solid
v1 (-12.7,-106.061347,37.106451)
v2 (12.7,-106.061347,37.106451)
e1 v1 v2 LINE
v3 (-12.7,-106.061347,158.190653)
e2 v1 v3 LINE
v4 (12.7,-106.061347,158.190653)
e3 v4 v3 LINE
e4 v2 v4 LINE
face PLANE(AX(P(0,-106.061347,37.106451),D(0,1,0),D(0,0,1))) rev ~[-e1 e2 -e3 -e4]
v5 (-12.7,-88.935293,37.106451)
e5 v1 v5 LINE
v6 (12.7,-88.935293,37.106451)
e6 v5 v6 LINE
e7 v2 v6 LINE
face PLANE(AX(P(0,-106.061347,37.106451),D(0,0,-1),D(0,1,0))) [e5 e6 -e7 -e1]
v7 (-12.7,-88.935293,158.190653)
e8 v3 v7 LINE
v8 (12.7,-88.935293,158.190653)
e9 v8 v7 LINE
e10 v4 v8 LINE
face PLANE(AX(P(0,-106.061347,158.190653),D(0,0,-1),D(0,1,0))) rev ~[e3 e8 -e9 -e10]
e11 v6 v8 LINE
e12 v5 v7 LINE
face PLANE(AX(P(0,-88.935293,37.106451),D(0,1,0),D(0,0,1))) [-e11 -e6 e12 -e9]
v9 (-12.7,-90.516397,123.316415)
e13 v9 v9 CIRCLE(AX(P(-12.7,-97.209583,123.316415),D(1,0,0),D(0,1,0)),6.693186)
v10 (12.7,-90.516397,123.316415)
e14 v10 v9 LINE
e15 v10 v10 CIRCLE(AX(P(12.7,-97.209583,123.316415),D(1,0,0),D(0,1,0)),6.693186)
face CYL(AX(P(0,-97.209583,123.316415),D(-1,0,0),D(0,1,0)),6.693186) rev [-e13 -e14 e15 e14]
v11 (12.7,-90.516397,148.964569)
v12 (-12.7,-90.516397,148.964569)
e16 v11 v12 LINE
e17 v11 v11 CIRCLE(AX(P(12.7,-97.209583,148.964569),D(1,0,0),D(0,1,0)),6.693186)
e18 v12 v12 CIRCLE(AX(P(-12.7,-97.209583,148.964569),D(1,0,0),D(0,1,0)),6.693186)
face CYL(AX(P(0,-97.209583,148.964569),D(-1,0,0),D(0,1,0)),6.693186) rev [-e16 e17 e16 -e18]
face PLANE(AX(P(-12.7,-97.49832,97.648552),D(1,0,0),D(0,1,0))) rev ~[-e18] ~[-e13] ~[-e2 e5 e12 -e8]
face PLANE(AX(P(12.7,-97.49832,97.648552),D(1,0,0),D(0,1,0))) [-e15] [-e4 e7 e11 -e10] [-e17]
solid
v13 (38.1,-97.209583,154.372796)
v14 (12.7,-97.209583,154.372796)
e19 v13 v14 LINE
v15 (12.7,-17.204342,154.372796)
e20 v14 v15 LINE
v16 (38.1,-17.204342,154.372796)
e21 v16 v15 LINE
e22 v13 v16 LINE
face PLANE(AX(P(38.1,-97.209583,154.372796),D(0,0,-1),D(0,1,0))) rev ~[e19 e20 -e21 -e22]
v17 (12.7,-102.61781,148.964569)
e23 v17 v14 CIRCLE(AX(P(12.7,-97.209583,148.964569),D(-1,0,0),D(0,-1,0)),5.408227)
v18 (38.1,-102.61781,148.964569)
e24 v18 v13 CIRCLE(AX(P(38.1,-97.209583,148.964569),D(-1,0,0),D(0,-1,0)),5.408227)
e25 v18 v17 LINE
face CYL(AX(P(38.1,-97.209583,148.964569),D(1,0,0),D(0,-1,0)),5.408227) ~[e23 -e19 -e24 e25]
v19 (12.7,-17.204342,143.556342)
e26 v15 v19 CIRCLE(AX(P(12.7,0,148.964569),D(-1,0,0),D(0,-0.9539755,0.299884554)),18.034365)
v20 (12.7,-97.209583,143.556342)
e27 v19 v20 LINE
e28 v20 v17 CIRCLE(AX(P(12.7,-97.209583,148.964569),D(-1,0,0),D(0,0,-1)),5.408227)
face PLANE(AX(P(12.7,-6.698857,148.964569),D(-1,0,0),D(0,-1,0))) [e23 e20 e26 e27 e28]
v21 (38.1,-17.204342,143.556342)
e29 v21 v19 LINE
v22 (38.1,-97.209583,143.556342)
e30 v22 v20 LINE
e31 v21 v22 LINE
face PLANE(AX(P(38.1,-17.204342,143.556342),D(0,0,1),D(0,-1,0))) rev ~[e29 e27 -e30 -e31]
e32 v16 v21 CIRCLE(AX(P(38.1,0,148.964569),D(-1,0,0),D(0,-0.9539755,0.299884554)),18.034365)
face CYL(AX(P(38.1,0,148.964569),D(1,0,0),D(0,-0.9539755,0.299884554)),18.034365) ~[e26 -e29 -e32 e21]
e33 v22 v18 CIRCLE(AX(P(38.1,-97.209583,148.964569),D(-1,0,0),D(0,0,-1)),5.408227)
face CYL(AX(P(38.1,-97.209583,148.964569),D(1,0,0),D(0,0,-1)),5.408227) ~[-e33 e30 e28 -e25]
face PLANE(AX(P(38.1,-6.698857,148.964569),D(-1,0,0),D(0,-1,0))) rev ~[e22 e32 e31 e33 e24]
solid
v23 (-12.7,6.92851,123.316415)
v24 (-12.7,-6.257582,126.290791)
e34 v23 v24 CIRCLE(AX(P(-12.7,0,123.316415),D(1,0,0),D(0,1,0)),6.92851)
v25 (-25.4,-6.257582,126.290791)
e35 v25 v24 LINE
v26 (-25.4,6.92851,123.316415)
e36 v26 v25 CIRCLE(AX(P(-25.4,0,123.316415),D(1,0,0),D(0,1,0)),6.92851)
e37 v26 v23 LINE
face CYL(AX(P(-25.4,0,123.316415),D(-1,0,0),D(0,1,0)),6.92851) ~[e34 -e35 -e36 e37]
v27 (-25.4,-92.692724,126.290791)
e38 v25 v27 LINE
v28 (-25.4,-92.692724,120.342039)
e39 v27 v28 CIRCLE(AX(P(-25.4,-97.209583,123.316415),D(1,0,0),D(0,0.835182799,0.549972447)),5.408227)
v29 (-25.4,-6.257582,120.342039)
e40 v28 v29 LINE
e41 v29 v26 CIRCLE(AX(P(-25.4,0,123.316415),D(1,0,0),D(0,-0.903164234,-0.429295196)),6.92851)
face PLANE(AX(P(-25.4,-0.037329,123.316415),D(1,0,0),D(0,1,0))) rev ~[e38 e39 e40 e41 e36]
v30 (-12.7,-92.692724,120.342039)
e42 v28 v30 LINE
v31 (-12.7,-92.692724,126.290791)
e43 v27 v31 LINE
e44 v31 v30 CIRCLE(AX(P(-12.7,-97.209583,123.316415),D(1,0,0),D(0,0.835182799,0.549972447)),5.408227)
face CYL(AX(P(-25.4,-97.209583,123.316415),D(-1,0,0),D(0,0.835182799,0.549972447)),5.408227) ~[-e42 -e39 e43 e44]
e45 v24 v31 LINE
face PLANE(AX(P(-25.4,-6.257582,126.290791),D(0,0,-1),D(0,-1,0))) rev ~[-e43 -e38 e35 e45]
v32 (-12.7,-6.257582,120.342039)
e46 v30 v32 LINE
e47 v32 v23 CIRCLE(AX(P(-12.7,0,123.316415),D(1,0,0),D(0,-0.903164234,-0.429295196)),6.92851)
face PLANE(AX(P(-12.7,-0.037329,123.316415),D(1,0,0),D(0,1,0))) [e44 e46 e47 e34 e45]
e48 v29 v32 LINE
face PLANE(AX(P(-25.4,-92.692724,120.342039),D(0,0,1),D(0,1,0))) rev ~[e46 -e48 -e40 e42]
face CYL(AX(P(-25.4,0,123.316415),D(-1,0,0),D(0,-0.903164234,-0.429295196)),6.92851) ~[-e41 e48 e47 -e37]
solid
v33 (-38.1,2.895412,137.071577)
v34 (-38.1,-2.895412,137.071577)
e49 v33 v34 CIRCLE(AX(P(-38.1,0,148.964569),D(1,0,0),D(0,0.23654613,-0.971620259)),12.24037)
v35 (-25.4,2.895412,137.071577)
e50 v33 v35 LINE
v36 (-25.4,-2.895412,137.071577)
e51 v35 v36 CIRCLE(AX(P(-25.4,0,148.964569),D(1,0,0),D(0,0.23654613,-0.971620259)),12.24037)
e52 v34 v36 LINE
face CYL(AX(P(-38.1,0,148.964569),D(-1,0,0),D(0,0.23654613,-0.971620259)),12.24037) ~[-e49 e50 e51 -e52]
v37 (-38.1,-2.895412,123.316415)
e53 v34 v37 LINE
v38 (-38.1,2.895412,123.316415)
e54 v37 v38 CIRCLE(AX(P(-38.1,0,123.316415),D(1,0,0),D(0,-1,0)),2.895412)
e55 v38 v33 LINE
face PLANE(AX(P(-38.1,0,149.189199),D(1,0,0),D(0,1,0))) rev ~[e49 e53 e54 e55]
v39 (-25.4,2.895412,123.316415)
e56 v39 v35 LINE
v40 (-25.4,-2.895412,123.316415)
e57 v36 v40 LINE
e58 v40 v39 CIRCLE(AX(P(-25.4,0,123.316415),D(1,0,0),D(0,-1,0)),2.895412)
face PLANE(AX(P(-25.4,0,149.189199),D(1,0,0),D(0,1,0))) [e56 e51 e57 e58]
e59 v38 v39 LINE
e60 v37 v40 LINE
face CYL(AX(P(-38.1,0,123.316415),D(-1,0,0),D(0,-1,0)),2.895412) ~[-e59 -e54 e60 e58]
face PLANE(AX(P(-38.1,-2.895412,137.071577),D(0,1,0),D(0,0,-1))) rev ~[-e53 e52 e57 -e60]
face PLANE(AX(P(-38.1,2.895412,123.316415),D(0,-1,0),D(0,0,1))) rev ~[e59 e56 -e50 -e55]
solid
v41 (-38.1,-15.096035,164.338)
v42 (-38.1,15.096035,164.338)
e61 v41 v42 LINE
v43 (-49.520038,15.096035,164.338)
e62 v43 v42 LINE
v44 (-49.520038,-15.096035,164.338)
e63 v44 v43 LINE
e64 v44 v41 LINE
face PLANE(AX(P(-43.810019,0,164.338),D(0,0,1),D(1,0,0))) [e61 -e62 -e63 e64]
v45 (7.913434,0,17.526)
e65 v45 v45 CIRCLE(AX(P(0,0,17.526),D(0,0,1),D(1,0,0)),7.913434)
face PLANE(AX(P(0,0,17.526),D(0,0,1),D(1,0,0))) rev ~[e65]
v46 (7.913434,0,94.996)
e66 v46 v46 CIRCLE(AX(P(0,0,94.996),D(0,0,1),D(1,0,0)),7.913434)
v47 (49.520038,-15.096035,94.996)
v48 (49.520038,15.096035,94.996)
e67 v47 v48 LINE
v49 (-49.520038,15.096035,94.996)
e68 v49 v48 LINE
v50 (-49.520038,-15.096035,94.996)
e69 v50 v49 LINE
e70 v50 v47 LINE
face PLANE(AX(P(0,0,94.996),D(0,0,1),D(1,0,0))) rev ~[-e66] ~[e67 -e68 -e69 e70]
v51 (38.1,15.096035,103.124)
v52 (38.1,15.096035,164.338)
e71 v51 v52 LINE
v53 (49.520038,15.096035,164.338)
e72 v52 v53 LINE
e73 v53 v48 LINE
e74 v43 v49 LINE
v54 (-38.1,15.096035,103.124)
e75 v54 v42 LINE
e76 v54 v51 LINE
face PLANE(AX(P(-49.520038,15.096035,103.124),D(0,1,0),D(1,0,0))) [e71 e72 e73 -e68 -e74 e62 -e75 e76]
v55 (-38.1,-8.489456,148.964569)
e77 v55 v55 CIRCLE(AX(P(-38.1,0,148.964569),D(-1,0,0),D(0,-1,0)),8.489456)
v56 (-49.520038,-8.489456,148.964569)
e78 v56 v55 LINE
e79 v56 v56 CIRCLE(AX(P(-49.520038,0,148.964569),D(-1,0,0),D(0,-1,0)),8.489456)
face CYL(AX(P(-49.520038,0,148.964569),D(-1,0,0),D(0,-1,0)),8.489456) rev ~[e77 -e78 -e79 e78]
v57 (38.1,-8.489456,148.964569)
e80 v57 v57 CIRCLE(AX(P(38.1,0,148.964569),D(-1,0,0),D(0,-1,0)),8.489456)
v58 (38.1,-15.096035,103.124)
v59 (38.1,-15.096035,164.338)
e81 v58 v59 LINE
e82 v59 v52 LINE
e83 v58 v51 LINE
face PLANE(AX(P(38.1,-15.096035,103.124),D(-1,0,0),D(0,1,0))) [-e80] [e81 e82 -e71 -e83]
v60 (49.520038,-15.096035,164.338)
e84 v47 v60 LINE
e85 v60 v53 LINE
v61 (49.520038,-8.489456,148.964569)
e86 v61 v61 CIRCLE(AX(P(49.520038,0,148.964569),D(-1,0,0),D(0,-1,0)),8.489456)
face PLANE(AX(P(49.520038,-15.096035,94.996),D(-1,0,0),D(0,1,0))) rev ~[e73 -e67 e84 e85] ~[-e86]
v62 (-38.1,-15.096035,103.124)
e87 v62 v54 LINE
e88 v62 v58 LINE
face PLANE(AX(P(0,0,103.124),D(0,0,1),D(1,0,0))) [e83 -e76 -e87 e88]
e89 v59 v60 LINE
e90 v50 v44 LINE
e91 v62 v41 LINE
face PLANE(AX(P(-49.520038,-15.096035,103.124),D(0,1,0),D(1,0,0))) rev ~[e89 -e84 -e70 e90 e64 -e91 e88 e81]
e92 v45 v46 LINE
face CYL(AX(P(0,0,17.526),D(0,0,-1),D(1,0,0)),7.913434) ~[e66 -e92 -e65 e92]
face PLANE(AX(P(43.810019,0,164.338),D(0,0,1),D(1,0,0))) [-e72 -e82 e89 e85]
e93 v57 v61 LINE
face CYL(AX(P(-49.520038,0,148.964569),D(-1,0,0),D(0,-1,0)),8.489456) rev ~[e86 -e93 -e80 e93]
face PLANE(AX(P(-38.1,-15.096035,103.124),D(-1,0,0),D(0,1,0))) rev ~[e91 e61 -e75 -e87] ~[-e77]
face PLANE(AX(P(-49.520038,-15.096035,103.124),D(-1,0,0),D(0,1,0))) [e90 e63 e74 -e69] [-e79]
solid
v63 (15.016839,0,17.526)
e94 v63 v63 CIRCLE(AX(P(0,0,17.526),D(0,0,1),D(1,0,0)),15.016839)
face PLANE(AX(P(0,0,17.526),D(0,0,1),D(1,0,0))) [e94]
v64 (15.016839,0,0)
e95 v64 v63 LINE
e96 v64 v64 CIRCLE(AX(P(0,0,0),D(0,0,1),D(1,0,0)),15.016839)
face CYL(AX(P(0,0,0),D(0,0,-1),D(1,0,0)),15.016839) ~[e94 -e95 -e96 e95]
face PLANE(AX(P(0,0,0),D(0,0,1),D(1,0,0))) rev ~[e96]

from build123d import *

# Parameters (mm, degrees)
F0_R      = 15.0168391693
F1_DEPTH  = 17.526
F2_R      = 7.913434423
F3_DEPTH  = 77.47
F4_W      = 99.0400761366
F4_H      = 30.1920697093
F5_DEPTH  = 8.128
F6_W      = 11.4200380683
F6_H      = 30.1920697093
F7_DEPTH  = 61.214
F8_R      = 8.4894563365
F9_DEPTH  = 99.0410761366
F11_DEPTH = 12.7
F13_DEPTH = 25.4
F15_DEPTH = 12.7
F16_W     = 17.1260535717
F16_H     = 121.084202081
F16_R     = 6.6931862807
F17_DEPTH = 12.7


with BuildPart() as f1:
    # F0 (on Top) → F1 (new body)
    with BuildSketch(Plane.XY):
        Circle(F0_R)
    extrude(amount=F1_DEPTH)


with BuildPart() as f3:
    # F2 (on face) → F3 (new body)
    with BuildSketch(Plane.XY.offset(17.526)):
        Circle(F2_R)
    extrude(amount=F3_DEPTH)

    # F4 (on face) → F5 (join)
    with BuildSketch(Plane.XY.offset(94.996)):
        Rectangle(F4_W, F4_H)
    extrude(amount=F5_DEPTH)

    # F6 (on face) → F7 (join)
    with BuildSketch(Plane.XY.offset(103.124)):
        with Locations((-43.8100190341, 0)):
            Rectangle(F6_W, F6_H)
        with Locations((43.8100190341, 0)):
            Rectangle(F6_W, F6_H)
    extrude(amount=F7_DEPTH)

    # F8 (on face) → F9 (cut, through all)
    with BuildSketch(Plane(origin=(-49.5200380683, 0, 0), x_dir=(0, -1, 0), z_dir=(-1, 0, 0))):
        with Locations((0, 148.9645689726)):
            Circle(F8_R)
    extrude(amount=-F9_DEPTH, mode=Mode.SUBTRACT)


with BuildPart() as f11:
    # F10 (on face) → F11 (new body)
    with BuildSketch(Plane.YZ.offset(-38.1)):
        with BuildLine():
            ThreePointArc((2.8954122681, 137.0715770523), (9.6246451316, 141.4019718585), (12.2403704609, 148.9645689726))
            ThreePointArc((12.2403704609, 148.9645689726), (-7.5625971141, 158.5892141042), (-2.8954122681, 137.0715770523))
            Line((-2.8954122681, 137.0715770523), (-2.8954122681, 157.6338106179))
            Line((-2.8954122681, 157.6338106179), (2.8954122681, 157.6338106179))
            Line((2.8954122681, 157.6338106179), (2.8954122681, 137.0715770523))
        make_face()
        with BuildLine():
            Line((-2.8954122681, 157.6338106179), (-2.8954122681, 137.0715770523))
            ThreePointArc((-2.8954122681, 137.0715770523), (0, 136.7241985117), (2.8954122681, 137.0715770523))
            Line((2.8954122681, 137.0715770523), (2.8954122681, 157.6338106179))
            Line((2.8954122681, 157.6338106179), (-2.8954122681, 157.6338106179))
        make_face()
        with BuildLine():
            ThreePointArc((2.8954122681, 137.0715770523), (0, 136.7241985117), (-2.8954122681, 137.0715770523))
            Line((-2.8954122681, 137.0715770523), (-2.8954122681, 123.3164146543))
            ThreePointArc((-2.8954122681, 123.3164146543), (0, 126.2118269224), (2.8954122681, 123.3164146543))
            Line((2.8954122681, 123.3164146543), (2.8954122681, 137.0715770523))
        make_face()
        with BuildLine():
            ThreePointArc((2.8954122681, 123.3164146543), (0, 126.2118269224), (-2.8954122681, 123.3164146543))
            Line((-2.8954122681, 123.3164146543), (2.8954122681, 123.3164146543))
        make_face()
        with BuildLine():
            Line((2.8954122681, 123.3164146543), (-2.8954122681, 123.3164146543))
            ThreePointArc((-2.8954122681, 123.3164146543), (0, 120.4210023861), (2.8954122681, 123.3164146543))
        make_face()
    extrude(amount=F11_DEPTH)


with BuildPart() as f13:
    # F12 (on face) → F13 (new body)
    with BuildSketch(Plane(origin=(38.1, 0, 0), x_dir=(0, -1, 0), z_dir=(-1, 0, 0))):
        with BuildLine():
            ThreePointArc((17.2043421821, 143.5563415289), (17.8256514212, 146.2287938703), (18.0343648072, 148.9645689726))
            ThreePointArc((18.0343648072, 148.9645689726), (17.8256514212, 151.7003440749), (17.2043421821, 154.3727964163))
            Line((17.2043421821, 154.3727964163), (-4.04444821, 154.3727964163))
            Line((-4.04444821, 154.3727964163), (-4.04444821, 143.5563415289))
            Line((-4.04444821, 143.5563415289), (17.2043421821, 143.5563415289))
        make_face()
        with BuildLine():
            ThreePointArc((17.2043421821, 154.3727964163), (17.8256514212, 151.7003440749), (18.0343648072, 148.9645689726))
            ThreePointArc((18.0343648072, 148.9645689726), (17.8256514212, 146.2287938703), (17.2043421821, 143.5563415289))
            Line((17.2043421821, 143.5563415289), (97.2095828522, 143.5563415289))
            ThreePointArc((97.2095828522, 143.5563415289), (91.8013554085, 148.9645689726), (97.2095828522, 154.3727964163))
            Line((97.2095828522, 154.3727964163), (17.2043421821, 154.3727964163))
        make_face()
        with BuildLine():
            Line((-4.04444821, 154.3727964163), (17.2043421821, 154.3727964163))
            ThreePointArc((17.2043421821, 154.3727964163), (-18.0343648072, 148.9645689726), (17.2043421821, 143.5563415289))
            Line((17.2043421821, 143.5563415289), (-4.04444821, 143.5563415289))
            Line((-4.04444821, 143.5563415289), (-4.04444821, 154.3727964163))
        make_face()
        with BuildLine():
            ThreePointArc((102.6178102959, 148.9645689726), (101.0337771518, 152.7887632722), (97.2095828522, 154.3727964163))
            Line((97.2095828522, 154.3727964163), (97.2095828522, 143.5563415289))
            ThreePointArc((97.2095828522, 143.5563415289), (101.0337771518, 145.140374673), (102.6178102959, 148.9645689726))
        make_face()
        with BuildLine():
            Line((97.2095828522, 143.5563415289), (97.2095828522, 154.3727964163))
            ThreePointArc((97.2095828522, 154.3727964163), (91.8013554085, 148.9645689726), (97.2095828522, 143.5563415289))
        make_face()
    extrude(amount=F13_DEPTH)


with BuildPart() as f15:
    # F14 (on face) → F15 (new body)
    with BuildSketch(Plane.YZ.offset(-25.4)):
        with BuildLine():
            ThreePointArc((-6.2575824752, 120.3420385718), (1.5245537782, 116.557717495), (6.92851005, 123.3164146543))
            ThreePointArc((6.92851005, 123.3164146543), (1.5245537782, 130.0751118135), (-6.2575824752, 126.2907907367))
            Line((-6.2575824752, 126.2907907367), (0, 126.2907907367))
            Line((0, 126.2907907367), (0, 120.3420385718))
            Line((0, 120.3420385718), (-6.2575824752, 120.3420385718))
        make_face()
        with BuildLine():
            Line((0, 126.2907907367), (-6.2575824752, 126.2907907367))
            ThreePointArc((-6.2575824752, 126.2907907367), (-6.92851005, 123.3164146543), (-6.2575824752, 120.3420385718))
            Line((-6.2575824752, 120.3420385718), (0, 120.3420385718))
            Line((0, 120.3420385718), (0, 126.2907907367))
        make_face()
        with BuildLine():
            ThreePointArc((-6.2575824752, 120.3420385718), (-6.92851005, 123.3164146543), (-6.2575824752, 126.2907907367))
            Line((-6.2575824752, 126.2907907367), (-92.6927243196, 126.2907907367))
            ThreePointArc((-92.6927243196, 126.2907907367), (-92.0289881779, 124.8689490029), (-91.8013554085, 123.3164146543))
            ThreePointArc((-91.8013554085, 123.3164146543), (-92.0289881779, 121.7638803056), (-92.6927243196, 120.3420385718))
            Line((-92.6927243196, 120.3420385718), (-6.2575824752, 120.3420385718))
        make_face()
        with BuildLine():
            Line((-97.2095828522, 126.2907907367), (-92.6927243196, 126.2907907367))
            ThreePointArc((-92.6927243196, 126.2907907367), (-102.6178102959, 123.3164146543), (-92.6927243196, 120.3420385718))
            Line((-92.6927243196, 120.3420385718), (-97.2095828522, 120.3420385718))
            Line((-97.2095828522, 120.3420385718), (-97.2095828522, 126.2907907367))
        make_face()
        with BuildLine():
            ThreePointArc((-91.8013554085, 123.3164146543), (-92.0289881779, 124.8689490029), (-92.6927243196, 126.2907907367))
            Line((-92.6927243196, 126.2907907367), (-97.2095828522, 126.2907907367))
            Line((-97.2095828522, 126.2907907367), (-97.2095828522, 120.3420385718))
            Line((-97.2095828522, 120.3420385718), (-92.6927243196, 120.3420385718))
            ThreePointArc((-92.6927243196, 120.3420385718), (-92.0289881779, 121.7638803056), (-91.8013554085, 123.3164146543))
        make_face()
    extrude(amount=F15_DEPTH)


with BuildPart() as f17:
    # F16 (on Right) → F17 (new body, symmetric)
    with BuildSketch(Plane.YZ):
        with Locations((-97.4983200431, 97.6485516876)):
            Rectangle(F16_W, F16_H)
        with Locations((-97.2095828522, 123.3164146543)):
            Circle(F16_R, mode=Mode.SUBTRACT)
        with Locations((-97.2095828522, 148.9645689726)):
            Circle(F16_R, mode=Mode.SUBTRACT)
    extrude(amount=F17_DEPTH, both=True)


solid = Compound([f1.part, f3.part, f11.part, f13.part, f15.part, f17.part])
